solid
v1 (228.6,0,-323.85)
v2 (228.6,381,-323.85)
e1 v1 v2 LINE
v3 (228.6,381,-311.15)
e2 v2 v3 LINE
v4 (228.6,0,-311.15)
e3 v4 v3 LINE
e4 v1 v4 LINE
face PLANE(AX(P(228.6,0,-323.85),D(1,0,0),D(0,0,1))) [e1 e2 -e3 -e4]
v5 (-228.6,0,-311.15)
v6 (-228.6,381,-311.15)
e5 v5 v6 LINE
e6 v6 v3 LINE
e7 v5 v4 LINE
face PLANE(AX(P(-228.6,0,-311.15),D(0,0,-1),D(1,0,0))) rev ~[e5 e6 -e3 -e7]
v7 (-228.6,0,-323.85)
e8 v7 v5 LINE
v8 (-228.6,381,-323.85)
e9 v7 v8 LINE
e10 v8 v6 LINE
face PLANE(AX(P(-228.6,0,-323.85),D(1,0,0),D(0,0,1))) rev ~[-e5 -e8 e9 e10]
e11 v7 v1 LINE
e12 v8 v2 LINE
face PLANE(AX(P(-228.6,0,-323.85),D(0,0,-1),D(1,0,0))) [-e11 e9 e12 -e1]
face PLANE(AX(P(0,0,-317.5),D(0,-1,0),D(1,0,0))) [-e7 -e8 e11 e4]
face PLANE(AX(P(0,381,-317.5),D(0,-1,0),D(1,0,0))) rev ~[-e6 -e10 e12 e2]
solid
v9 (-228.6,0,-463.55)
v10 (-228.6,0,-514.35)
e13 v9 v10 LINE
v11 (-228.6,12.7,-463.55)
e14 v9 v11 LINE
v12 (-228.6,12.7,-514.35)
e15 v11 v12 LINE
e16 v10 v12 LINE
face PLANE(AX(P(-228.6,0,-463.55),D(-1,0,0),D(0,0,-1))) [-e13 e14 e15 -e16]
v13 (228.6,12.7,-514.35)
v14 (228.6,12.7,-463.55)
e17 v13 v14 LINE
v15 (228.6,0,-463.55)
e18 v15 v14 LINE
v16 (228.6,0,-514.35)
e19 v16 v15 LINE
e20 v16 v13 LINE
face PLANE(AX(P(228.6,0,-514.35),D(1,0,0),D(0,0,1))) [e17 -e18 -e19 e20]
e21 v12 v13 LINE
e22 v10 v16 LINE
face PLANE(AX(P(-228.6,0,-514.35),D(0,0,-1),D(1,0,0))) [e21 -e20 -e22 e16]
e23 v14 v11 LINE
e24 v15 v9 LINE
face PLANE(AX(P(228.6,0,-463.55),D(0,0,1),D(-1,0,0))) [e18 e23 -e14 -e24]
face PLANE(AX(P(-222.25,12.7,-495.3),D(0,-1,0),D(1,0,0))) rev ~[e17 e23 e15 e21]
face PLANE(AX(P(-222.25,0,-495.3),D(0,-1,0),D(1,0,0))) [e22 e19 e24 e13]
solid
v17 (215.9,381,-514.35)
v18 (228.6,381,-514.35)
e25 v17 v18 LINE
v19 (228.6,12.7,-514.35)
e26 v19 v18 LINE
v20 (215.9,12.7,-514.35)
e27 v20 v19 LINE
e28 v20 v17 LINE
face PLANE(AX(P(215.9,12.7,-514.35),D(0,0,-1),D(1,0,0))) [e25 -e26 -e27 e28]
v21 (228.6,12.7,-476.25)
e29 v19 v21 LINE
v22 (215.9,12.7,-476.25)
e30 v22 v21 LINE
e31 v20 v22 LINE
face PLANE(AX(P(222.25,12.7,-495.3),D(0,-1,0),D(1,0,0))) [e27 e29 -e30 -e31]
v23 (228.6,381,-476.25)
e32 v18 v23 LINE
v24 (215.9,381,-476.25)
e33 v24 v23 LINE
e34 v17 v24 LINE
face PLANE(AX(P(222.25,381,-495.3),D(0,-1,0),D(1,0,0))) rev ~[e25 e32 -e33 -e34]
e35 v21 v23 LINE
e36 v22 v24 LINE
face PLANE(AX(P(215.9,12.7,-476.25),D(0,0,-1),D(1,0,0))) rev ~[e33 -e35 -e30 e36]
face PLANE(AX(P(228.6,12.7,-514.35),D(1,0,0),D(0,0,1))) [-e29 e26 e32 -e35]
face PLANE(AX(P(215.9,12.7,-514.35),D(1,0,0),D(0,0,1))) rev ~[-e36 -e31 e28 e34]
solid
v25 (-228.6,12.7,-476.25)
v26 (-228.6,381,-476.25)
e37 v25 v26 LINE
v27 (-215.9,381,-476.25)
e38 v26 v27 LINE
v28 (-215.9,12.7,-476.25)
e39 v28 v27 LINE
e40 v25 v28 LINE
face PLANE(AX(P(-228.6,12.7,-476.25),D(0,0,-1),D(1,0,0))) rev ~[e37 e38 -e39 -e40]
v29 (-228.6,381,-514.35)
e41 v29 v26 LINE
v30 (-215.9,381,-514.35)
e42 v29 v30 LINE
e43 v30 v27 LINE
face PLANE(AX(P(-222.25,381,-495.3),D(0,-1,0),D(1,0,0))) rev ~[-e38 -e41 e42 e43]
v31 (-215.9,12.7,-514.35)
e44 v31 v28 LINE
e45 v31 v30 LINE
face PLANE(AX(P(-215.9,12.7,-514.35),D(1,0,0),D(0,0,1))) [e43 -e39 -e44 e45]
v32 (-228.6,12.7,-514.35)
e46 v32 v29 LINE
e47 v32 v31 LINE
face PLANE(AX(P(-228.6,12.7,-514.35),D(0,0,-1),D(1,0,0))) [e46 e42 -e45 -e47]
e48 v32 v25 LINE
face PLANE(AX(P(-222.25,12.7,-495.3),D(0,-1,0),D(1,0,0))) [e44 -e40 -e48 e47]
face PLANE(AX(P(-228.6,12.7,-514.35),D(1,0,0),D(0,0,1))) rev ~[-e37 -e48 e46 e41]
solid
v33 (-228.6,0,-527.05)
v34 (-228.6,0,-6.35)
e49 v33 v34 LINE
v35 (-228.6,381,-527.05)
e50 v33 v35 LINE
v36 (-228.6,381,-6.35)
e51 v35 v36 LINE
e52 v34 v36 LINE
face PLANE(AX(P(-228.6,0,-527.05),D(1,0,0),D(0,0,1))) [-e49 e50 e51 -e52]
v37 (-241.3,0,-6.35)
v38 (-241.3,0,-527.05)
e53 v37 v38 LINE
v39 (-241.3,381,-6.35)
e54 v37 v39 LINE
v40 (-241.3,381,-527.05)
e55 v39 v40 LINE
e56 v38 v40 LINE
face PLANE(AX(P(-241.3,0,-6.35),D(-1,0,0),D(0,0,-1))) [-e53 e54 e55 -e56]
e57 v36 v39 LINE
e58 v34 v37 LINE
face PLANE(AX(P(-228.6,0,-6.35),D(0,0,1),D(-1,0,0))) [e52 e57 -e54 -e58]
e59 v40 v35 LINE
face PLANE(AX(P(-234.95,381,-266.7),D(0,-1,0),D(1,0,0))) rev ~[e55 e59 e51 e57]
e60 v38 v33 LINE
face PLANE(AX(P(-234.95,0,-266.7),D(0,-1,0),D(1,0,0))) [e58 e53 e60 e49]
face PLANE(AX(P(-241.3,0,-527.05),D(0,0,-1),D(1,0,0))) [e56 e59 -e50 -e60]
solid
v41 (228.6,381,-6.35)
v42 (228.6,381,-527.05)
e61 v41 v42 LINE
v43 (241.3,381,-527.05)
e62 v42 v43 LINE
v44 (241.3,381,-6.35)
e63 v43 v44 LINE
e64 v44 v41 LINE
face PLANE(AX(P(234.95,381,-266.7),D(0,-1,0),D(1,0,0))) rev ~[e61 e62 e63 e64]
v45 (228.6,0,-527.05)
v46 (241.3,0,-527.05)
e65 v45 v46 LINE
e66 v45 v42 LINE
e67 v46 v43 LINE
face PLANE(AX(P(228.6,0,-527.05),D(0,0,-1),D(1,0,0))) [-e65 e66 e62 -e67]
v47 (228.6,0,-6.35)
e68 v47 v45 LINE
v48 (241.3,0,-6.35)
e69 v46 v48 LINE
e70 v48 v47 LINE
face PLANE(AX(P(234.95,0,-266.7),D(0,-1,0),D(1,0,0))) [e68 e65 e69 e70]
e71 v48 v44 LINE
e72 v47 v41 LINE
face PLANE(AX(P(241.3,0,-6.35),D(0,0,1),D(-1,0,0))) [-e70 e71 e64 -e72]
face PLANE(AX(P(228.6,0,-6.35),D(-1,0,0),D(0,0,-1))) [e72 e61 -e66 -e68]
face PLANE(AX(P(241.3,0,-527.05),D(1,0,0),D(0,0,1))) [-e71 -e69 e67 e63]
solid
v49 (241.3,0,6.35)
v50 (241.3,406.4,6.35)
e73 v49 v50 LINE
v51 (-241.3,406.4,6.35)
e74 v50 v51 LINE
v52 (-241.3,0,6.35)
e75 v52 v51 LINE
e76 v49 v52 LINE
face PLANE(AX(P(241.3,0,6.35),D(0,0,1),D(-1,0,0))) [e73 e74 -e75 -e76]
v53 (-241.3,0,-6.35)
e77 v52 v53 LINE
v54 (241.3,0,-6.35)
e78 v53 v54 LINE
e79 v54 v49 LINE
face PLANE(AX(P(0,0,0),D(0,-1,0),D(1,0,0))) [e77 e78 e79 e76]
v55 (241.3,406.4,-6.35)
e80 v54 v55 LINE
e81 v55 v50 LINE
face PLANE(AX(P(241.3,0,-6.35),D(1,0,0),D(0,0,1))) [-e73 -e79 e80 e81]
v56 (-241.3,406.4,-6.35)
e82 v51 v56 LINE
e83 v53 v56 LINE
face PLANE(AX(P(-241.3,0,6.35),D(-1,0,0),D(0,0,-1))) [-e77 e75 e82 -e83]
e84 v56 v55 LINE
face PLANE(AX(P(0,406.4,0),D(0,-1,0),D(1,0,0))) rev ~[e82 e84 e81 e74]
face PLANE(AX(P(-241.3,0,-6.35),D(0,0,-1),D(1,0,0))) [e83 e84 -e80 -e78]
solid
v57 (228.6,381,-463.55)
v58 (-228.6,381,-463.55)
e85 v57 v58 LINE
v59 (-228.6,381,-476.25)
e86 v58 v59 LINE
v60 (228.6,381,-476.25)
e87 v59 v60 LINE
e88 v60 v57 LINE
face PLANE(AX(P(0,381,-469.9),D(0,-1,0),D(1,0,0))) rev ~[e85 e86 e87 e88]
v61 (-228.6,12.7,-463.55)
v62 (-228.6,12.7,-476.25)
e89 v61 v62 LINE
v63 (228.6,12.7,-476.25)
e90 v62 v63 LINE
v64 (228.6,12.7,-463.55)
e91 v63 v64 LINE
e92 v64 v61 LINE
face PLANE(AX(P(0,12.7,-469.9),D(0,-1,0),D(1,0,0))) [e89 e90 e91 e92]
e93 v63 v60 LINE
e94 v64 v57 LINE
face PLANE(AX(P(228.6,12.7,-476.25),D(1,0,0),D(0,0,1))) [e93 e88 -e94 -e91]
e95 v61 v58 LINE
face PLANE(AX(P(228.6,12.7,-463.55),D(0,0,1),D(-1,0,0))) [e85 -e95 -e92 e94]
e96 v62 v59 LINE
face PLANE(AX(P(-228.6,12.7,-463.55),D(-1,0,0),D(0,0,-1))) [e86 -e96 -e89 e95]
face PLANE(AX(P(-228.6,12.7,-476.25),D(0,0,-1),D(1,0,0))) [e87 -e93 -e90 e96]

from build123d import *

# Parameters (mm, degrees)
F1_DEPTH = 406.4
F2_DEPTH = 381
F3_START = -12.7
F3_DEPTH = 368.3
F4_START = -12.7
F0_W     = 12.7
F0_H     = 38.1
F4_DEPTH = 368.3
F0_W_2   = 431.8
F5_DEPTH = 12.7
F0_W_3   = 457.2
F0_H_2   = 12.7
F6_DEPTH = 381


with BuildPart() as f1:
    # F0 (on Front) → F1 (new body)
    with BuildSketch(Plane.XZ):
        Polygon((241.3, 6.35), (-241.3, 6.35), (-241.3, -6.35), (-228.6, -6.35), (228.6, -6.35), (241.3, -6.35), align=None)
    extrude(amount=-F1_DEPTH)


with BuildPart() as f2:
    # F0 (on Front) → F2 (new body)
    with BuildSketch(Plane.XZ):
        Polygon((-228.6, -6.35), (-241.3, -6.35), (-241.3, -527.05), (-228.6, -527.05), (-228.6, -514.35), (-228.6, -476.25), (-228.6, -463.55), (-228.6, -323.85), (-228.6, -311.15), align=None)
    extrude(amount=-F2_DEPTH)


with BuildPart() as f2b:
    # F0 (on Front) → F2, piece 2 (new body)
    with BuildSketch(Plane.XZ):
        Polygon((241.3, -527.05), (241.3, -6.35), (228.6, -6.35), (228.6, -311.15), (228.6, -323.85), (228.6, -463.55), (228.6, -476.25), (228.6, -514.35), (228.6, -527.05), align=None)
    extrude(amount=-F2_DEPTH)


with BuildPart() as f3:
    # F0 (on Front) → F3 (new body)
    with BuildSketch(Plane.XZ.offset(F3_START)):
        Polygon((228.6, -463.55), (-228.6, -463.55), (-228.6, -476.25), (-215.9, -476.25), (215.9, -476.25), (228.6, -476.25), align=None)
    extrude(amount=-F3_DEPTH)


with BuildPart() as f4:
    # F0 (on Front) → F4 (new body)
    with BuildSketch(Plane.XZ.offset(F4_START)):
        with Locations((-222.25, -495.3)):
            Rectangle(F0_W, F0_H)
    extrude(amount=-F4_DEPTH)


with BuildPart() as f4b:
    # F0 (on Front) → F4, piece 2 (new body)
    with BuildSketch(Plane.XZ.offset(F4_START)):
        with Locations((222.25, -495.3)):
            Rectangle(F0_W, F0_H)
    extrude(amount=-F4_DEPTH)


with BuildPart() as f5:
    # F0 (on Front) → F5 (new body)
    with BuildSketch(Plane.XZ):
        with Locations((-222.25, -495.3)):
            Rectangle(F0_W, F0_H)
        with Locations((0, -495.3)):
            Rectangle(F0_W_2, F0_H)
        Polygon((228.6, -463.55), (-228.6, -463.55), (-228.6, -476.25), (-215.9, -476.25), (215.9, -476.25), (228.6, -476.25), align=None)
        with Locations((222.25, -495.3)):
            Rectangle(F0_W, F0_H)
    extrude(amount=-F5_DEPTH)


with BuildPart() as f6:
    # F0 (on Front) → F6 (new body, through all)
    with BuildSketch(Plane.XZ):
        with Locations((0, -317.5)):
            Rectangle(F0_W_3, F0_H_2)
    extrude(amount=-F6_DEPTH)


solid = Compound([f1.part, f2.part, f2b.part, f3.part, f4.part, f4b.part, f5.part, f6.part])
